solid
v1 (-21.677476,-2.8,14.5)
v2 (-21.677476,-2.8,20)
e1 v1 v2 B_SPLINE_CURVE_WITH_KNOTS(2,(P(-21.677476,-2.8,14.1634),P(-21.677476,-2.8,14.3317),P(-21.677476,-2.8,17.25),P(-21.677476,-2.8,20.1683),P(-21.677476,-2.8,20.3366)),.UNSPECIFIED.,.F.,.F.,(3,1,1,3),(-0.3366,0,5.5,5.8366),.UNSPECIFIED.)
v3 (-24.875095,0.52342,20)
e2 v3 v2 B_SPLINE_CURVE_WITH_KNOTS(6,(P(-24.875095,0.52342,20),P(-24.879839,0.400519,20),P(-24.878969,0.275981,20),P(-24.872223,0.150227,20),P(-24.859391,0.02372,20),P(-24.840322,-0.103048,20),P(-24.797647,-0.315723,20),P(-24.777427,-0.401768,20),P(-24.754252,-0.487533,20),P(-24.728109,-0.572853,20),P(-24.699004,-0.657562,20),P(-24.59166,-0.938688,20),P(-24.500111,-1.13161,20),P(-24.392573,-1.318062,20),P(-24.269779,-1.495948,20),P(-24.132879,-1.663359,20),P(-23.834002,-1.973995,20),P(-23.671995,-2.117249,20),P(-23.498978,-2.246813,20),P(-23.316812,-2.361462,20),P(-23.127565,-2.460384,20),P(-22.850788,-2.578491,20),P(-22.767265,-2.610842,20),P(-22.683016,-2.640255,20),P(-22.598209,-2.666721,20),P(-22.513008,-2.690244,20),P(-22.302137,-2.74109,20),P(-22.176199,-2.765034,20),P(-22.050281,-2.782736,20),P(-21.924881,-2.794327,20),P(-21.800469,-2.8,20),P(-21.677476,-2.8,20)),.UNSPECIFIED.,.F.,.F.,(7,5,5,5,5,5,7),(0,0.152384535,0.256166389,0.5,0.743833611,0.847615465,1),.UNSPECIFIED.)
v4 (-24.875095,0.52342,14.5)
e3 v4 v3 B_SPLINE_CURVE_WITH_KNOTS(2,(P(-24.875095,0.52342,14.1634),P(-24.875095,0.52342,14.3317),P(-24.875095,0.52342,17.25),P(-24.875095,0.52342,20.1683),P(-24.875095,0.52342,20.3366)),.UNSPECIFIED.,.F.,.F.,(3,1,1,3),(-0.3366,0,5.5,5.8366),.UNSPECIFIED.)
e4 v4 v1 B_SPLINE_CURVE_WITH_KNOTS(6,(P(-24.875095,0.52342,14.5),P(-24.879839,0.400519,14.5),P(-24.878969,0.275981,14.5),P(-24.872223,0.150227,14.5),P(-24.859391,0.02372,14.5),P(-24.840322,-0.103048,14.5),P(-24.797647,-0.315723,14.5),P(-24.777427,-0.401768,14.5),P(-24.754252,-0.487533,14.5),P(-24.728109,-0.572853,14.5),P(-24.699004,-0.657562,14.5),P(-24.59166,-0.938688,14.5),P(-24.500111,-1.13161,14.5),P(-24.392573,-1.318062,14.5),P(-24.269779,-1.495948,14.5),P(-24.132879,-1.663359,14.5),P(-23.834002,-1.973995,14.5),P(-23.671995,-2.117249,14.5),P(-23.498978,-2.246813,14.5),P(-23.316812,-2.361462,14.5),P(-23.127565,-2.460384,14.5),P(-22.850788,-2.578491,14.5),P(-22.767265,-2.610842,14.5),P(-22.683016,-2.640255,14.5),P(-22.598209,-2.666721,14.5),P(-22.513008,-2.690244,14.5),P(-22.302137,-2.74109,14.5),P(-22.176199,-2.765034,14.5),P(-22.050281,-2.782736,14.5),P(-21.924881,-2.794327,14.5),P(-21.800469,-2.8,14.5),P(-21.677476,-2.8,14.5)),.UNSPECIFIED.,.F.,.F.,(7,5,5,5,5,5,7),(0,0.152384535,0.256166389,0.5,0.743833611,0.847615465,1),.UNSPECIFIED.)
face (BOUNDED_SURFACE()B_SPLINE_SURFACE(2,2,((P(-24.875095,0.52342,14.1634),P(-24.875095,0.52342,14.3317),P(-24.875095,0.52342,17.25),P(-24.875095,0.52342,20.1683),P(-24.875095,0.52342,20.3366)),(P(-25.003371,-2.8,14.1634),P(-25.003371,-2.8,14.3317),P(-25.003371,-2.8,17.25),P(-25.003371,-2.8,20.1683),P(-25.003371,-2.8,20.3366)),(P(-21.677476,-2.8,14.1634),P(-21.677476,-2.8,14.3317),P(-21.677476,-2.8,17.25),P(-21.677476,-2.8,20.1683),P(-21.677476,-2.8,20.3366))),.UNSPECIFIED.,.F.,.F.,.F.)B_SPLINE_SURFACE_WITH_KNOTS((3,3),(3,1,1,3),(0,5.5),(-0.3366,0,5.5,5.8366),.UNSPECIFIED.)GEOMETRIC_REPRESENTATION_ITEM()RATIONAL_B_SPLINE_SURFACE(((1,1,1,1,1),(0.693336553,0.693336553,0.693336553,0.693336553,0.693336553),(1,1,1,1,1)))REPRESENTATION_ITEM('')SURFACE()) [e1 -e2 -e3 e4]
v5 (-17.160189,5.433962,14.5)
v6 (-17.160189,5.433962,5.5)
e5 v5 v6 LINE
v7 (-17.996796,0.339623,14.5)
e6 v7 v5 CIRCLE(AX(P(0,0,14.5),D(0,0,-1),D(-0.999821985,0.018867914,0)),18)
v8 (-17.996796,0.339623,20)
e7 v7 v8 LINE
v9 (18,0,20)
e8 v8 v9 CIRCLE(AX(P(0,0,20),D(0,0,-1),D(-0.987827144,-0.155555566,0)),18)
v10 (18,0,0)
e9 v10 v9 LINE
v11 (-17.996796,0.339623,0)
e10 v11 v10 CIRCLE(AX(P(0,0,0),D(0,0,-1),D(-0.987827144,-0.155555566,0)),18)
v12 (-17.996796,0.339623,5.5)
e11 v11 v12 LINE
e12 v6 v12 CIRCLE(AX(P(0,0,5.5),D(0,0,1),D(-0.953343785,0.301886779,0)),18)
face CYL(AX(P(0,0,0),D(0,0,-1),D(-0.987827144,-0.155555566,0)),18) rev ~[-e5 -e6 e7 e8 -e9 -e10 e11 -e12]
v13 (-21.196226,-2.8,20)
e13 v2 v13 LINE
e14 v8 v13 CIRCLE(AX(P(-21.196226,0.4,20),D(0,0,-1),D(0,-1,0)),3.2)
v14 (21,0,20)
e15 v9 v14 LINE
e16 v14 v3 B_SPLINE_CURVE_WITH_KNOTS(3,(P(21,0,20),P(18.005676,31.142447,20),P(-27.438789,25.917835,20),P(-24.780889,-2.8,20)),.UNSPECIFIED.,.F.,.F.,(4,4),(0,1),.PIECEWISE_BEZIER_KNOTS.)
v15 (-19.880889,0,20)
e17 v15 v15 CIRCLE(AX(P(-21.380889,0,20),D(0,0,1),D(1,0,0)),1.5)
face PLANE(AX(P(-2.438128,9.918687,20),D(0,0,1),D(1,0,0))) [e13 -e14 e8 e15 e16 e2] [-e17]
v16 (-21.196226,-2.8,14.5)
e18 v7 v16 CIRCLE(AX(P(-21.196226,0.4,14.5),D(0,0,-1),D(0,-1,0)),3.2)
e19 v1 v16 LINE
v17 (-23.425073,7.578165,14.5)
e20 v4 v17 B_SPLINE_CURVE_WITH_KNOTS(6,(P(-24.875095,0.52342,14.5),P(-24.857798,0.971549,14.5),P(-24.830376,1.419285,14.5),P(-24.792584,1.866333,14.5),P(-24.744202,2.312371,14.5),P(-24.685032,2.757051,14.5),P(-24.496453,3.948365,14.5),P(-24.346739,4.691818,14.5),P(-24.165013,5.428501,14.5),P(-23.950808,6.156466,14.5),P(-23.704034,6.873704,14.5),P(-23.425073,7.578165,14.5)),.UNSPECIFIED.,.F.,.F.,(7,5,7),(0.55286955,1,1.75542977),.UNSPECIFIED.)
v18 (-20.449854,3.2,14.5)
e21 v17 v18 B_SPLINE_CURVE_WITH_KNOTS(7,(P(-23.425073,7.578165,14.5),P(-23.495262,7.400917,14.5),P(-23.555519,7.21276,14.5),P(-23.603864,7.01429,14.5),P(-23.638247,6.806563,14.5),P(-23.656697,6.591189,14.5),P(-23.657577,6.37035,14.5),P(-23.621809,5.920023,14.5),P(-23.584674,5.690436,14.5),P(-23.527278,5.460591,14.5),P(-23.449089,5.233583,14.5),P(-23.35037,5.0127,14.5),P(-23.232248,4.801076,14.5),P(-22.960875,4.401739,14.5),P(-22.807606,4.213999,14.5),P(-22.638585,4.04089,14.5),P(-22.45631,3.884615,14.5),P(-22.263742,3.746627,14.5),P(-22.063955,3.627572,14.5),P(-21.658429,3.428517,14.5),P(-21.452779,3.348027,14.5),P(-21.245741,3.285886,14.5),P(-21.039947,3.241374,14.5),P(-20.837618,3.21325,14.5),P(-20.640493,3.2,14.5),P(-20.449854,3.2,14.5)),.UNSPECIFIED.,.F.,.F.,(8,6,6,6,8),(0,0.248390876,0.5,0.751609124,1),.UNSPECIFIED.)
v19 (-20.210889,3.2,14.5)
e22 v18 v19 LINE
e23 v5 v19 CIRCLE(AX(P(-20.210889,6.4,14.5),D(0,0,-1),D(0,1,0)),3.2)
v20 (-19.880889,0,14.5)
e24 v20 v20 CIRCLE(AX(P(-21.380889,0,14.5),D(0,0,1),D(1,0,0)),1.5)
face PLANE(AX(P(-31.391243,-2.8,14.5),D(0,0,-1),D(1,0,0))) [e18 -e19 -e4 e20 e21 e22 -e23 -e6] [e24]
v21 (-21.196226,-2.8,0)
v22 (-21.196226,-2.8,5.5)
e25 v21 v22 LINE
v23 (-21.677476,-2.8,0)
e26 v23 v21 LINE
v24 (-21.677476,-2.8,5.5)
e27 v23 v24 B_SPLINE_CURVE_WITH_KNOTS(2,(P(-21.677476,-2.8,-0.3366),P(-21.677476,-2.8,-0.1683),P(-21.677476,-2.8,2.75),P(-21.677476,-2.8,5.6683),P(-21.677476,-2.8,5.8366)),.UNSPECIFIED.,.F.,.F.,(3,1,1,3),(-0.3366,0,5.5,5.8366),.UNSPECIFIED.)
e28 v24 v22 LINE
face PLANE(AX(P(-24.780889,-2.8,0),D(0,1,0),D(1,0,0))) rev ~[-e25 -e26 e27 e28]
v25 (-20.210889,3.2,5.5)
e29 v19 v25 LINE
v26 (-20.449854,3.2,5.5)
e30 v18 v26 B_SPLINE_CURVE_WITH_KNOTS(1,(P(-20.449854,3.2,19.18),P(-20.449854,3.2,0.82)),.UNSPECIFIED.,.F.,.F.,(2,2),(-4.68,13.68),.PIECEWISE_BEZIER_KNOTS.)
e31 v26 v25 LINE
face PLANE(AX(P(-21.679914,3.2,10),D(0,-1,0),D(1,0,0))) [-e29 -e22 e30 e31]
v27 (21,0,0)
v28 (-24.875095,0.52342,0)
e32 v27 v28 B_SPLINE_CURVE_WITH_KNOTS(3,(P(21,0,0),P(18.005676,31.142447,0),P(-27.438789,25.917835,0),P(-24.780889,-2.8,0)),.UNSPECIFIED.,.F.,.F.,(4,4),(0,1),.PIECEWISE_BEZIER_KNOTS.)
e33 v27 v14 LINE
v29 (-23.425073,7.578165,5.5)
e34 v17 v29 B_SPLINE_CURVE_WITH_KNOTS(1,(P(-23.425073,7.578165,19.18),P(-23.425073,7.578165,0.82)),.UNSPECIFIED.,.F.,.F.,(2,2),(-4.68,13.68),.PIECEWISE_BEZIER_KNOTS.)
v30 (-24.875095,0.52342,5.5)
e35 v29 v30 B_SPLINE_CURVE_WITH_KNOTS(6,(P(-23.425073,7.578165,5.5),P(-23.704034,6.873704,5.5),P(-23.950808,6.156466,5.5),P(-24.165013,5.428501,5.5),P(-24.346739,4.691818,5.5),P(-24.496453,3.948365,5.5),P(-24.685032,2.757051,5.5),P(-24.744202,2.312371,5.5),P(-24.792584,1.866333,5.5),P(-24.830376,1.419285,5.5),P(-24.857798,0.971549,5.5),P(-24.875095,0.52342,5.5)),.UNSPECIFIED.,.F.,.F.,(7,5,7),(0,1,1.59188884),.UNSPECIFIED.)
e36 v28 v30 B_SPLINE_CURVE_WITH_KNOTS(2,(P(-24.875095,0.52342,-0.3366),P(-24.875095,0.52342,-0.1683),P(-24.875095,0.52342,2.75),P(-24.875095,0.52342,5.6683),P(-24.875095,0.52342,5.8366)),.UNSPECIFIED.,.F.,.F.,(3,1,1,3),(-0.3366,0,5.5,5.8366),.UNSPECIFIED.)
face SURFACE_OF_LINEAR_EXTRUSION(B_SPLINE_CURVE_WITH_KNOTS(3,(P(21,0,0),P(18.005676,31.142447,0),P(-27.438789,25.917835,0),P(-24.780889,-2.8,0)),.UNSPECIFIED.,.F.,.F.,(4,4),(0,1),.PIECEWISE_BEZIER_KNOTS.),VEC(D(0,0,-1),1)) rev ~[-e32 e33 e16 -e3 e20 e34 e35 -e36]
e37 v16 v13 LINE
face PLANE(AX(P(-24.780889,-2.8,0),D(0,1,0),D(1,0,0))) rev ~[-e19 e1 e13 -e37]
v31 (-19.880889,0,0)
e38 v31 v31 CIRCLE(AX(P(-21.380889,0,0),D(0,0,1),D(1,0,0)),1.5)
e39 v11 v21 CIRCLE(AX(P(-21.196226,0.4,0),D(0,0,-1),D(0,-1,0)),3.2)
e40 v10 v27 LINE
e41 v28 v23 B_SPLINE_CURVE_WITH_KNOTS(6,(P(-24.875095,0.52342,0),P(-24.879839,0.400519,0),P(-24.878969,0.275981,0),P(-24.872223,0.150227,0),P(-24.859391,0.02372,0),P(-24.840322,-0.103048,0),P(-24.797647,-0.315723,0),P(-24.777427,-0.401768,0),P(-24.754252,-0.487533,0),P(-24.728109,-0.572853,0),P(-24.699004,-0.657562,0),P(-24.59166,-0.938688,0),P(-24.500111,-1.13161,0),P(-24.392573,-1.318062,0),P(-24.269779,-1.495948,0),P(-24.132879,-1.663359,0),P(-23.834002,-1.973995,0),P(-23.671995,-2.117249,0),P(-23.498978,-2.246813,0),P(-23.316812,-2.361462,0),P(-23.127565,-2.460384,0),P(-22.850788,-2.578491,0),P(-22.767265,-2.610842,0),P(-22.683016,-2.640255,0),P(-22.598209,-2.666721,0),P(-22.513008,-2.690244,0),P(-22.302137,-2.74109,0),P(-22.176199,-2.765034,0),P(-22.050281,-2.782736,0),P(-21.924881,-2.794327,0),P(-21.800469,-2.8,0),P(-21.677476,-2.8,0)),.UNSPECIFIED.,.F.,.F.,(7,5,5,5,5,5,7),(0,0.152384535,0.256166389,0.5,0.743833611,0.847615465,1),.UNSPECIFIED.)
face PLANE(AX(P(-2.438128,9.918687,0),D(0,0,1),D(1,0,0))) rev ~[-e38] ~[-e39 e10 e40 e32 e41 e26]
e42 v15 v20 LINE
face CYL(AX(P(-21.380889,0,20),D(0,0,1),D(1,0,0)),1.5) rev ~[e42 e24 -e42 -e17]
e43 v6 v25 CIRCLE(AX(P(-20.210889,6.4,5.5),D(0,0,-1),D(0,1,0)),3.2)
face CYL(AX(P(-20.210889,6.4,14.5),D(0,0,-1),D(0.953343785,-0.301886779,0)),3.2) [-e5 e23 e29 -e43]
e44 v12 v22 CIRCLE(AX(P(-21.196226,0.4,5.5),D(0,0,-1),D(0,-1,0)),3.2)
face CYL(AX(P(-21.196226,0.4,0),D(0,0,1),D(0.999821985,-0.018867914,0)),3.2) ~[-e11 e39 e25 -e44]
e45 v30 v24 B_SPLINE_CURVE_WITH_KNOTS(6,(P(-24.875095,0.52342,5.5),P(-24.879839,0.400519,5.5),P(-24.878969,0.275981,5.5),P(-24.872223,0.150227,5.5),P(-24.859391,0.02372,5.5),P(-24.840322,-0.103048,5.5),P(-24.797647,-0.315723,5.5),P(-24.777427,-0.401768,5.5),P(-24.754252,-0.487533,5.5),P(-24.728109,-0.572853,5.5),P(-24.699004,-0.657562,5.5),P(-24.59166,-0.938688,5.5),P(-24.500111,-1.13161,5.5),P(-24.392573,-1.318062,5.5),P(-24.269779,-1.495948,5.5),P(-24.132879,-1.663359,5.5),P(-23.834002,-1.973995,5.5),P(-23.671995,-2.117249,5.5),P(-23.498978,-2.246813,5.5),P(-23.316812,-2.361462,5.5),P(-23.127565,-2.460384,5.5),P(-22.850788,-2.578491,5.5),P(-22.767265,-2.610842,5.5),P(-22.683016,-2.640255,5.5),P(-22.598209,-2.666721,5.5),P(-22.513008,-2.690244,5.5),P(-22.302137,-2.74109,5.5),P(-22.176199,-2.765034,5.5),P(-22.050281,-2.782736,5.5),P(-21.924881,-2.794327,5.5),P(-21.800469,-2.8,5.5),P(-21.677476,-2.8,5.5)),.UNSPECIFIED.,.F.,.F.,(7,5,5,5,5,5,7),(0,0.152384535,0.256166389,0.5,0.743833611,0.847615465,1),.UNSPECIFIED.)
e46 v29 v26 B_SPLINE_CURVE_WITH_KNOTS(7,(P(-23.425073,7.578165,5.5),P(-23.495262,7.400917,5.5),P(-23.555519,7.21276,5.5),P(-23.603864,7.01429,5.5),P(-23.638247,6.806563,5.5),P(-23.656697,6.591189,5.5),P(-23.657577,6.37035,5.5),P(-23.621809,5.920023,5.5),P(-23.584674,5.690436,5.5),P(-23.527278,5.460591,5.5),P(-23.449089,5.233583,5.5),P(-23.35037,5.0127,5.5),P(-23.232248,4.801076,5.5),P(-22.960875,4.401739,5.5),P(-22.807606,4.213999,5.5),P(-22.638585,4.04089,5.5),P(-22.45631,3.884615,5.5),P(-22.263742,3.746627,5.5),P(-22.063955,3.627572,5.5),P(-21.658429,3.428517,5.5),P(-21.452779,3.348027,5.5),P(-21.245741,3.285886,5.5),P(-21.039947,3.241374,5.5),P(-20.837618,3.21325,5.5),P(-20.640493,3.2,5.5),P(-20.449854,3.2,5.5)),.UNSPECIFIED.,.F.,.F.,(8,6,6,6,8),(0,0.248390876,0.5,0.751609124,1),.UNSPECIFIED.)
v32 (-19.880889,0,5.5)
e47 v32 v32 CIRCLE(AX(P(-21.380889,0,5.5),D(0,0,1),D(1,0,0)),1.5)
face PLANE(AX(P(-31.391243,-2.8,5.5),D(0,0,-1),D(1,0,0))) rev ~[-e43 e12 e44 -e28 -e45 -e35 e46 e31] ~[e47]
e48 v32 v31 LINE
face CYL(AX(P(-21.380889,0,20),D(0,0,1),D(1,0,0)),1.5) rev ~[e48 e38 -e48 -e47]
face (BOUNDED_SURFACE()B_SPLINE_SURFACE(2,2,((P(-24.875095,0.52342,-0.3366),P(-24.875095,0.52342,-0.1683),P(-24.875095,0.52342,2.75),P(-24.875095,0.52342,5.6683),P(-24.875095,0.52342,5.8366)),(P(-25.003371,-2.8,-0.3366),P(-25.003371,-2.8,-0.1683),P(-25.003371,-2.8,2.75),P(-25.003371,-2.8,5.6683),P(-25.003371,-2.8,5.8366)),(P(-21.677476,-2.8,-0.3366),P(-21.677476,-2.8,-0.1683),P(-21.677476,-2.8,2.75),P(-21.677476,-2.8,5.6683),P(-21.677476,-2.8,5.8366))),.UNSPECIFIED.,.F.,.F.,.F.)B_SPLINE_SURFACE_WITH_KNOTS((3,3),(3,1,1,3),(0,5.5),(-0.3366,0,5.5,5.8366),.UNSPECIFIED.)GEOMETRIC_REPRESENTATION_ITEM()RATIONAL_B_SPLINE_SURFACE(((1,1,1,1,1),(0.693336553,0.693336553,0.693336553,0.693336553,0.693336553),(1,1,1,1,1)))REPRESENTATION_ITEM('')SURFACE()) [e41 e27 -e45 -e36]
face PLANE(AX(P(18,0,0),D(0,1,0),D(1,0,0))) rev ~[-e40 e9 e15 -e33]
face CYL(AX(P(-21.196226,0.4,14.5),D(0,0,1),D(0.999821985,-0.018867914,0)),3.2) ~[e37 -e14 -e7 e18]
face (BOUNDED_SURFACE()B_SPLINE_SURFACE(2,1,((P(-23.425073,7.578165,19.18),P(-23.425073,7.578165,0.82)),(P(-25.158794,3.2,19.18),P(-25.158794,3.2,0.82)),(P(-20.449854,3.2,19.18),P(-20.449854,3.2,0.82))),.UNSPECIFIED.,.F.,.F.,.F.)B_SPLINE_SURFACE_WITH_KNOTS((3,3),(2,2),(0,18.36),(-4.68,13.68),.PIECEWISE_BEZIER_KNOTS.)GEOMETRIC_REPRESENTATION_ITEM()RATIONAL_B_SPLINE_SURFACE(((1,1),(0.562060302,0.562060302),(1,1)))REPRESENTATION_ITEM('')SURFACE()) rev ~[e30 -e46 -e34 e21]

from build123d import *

# Parameters (mm, degrees)
PAD_DEPTH       = 20
SKETCH005_R     = 1.5
POCKET_DEPTH    = 20.001
SKETCH008_W     = 19.422657
SKETCH008_H     = 9
POCKET002_DEPTH = 6
FILLET002_R     = 3.2


with BuildPart() as part:
    # Sketch → Pad (new body)
    with BuildSketch(Plane.XY):
        with BuildLine():
            Line((18, 0), (21, 0))
            add(Edge.make_bspline(
                [(21, 0), (18.005676, 31.142447), (-27.438789, 25.917835), (-24.780889, -2.8)],
                knots=[0, 0, 0, 0, 1, 1, 1, 1], degree=3))
            Line((-24.780889, -2.8), (-17.780889, -2.8))
            ThreePointArc((-17.780889, -2.8), (-1.40428, 17.945139), (18, 0))
        make_face()
    extrude(amount=PAD_DEPTH)

    # Sketch005 (on Face6 of Pad) → Pocket (cut, through all)
    with BuildSketch(Plane.XY.offset(20)):
        with Locations((-21.380889, 0)):
            Circle(SKETCH005_R)
    extrude(amount=-POCKET_DEPTH, mode=Mode.SUBTRACT)

    # Sketch008 (on Face6 of Pocket) → Pocket002 (cut)
    with BuildSketch(Plane.XZ.offset(2.8)):
        with Locations((-21.679914, 10)):
            Rectangle(SKETCH008_W, SKETCH008_H)
    extrude(amount=-POCKET002_DEPTH, mode=Mode.SUBTRACT)

    # Fillet002
    fillet002_edges = [part.edges().sort_by_distance(p)[0] for p in [
        (-17.713272, 3.2, 10),
        (-24.614915, 3.2, 10),
        (-24.780889, -2.8, 2.75),
        (-17.780889, -2.8, 2.75),
        (-17.780889, -2.8, 17.25),
        (-24.780889, -2.8, 17.25),
    ]]
    fillet(fillet002_edges, radius=FILLET002_R)


solid = part.part
